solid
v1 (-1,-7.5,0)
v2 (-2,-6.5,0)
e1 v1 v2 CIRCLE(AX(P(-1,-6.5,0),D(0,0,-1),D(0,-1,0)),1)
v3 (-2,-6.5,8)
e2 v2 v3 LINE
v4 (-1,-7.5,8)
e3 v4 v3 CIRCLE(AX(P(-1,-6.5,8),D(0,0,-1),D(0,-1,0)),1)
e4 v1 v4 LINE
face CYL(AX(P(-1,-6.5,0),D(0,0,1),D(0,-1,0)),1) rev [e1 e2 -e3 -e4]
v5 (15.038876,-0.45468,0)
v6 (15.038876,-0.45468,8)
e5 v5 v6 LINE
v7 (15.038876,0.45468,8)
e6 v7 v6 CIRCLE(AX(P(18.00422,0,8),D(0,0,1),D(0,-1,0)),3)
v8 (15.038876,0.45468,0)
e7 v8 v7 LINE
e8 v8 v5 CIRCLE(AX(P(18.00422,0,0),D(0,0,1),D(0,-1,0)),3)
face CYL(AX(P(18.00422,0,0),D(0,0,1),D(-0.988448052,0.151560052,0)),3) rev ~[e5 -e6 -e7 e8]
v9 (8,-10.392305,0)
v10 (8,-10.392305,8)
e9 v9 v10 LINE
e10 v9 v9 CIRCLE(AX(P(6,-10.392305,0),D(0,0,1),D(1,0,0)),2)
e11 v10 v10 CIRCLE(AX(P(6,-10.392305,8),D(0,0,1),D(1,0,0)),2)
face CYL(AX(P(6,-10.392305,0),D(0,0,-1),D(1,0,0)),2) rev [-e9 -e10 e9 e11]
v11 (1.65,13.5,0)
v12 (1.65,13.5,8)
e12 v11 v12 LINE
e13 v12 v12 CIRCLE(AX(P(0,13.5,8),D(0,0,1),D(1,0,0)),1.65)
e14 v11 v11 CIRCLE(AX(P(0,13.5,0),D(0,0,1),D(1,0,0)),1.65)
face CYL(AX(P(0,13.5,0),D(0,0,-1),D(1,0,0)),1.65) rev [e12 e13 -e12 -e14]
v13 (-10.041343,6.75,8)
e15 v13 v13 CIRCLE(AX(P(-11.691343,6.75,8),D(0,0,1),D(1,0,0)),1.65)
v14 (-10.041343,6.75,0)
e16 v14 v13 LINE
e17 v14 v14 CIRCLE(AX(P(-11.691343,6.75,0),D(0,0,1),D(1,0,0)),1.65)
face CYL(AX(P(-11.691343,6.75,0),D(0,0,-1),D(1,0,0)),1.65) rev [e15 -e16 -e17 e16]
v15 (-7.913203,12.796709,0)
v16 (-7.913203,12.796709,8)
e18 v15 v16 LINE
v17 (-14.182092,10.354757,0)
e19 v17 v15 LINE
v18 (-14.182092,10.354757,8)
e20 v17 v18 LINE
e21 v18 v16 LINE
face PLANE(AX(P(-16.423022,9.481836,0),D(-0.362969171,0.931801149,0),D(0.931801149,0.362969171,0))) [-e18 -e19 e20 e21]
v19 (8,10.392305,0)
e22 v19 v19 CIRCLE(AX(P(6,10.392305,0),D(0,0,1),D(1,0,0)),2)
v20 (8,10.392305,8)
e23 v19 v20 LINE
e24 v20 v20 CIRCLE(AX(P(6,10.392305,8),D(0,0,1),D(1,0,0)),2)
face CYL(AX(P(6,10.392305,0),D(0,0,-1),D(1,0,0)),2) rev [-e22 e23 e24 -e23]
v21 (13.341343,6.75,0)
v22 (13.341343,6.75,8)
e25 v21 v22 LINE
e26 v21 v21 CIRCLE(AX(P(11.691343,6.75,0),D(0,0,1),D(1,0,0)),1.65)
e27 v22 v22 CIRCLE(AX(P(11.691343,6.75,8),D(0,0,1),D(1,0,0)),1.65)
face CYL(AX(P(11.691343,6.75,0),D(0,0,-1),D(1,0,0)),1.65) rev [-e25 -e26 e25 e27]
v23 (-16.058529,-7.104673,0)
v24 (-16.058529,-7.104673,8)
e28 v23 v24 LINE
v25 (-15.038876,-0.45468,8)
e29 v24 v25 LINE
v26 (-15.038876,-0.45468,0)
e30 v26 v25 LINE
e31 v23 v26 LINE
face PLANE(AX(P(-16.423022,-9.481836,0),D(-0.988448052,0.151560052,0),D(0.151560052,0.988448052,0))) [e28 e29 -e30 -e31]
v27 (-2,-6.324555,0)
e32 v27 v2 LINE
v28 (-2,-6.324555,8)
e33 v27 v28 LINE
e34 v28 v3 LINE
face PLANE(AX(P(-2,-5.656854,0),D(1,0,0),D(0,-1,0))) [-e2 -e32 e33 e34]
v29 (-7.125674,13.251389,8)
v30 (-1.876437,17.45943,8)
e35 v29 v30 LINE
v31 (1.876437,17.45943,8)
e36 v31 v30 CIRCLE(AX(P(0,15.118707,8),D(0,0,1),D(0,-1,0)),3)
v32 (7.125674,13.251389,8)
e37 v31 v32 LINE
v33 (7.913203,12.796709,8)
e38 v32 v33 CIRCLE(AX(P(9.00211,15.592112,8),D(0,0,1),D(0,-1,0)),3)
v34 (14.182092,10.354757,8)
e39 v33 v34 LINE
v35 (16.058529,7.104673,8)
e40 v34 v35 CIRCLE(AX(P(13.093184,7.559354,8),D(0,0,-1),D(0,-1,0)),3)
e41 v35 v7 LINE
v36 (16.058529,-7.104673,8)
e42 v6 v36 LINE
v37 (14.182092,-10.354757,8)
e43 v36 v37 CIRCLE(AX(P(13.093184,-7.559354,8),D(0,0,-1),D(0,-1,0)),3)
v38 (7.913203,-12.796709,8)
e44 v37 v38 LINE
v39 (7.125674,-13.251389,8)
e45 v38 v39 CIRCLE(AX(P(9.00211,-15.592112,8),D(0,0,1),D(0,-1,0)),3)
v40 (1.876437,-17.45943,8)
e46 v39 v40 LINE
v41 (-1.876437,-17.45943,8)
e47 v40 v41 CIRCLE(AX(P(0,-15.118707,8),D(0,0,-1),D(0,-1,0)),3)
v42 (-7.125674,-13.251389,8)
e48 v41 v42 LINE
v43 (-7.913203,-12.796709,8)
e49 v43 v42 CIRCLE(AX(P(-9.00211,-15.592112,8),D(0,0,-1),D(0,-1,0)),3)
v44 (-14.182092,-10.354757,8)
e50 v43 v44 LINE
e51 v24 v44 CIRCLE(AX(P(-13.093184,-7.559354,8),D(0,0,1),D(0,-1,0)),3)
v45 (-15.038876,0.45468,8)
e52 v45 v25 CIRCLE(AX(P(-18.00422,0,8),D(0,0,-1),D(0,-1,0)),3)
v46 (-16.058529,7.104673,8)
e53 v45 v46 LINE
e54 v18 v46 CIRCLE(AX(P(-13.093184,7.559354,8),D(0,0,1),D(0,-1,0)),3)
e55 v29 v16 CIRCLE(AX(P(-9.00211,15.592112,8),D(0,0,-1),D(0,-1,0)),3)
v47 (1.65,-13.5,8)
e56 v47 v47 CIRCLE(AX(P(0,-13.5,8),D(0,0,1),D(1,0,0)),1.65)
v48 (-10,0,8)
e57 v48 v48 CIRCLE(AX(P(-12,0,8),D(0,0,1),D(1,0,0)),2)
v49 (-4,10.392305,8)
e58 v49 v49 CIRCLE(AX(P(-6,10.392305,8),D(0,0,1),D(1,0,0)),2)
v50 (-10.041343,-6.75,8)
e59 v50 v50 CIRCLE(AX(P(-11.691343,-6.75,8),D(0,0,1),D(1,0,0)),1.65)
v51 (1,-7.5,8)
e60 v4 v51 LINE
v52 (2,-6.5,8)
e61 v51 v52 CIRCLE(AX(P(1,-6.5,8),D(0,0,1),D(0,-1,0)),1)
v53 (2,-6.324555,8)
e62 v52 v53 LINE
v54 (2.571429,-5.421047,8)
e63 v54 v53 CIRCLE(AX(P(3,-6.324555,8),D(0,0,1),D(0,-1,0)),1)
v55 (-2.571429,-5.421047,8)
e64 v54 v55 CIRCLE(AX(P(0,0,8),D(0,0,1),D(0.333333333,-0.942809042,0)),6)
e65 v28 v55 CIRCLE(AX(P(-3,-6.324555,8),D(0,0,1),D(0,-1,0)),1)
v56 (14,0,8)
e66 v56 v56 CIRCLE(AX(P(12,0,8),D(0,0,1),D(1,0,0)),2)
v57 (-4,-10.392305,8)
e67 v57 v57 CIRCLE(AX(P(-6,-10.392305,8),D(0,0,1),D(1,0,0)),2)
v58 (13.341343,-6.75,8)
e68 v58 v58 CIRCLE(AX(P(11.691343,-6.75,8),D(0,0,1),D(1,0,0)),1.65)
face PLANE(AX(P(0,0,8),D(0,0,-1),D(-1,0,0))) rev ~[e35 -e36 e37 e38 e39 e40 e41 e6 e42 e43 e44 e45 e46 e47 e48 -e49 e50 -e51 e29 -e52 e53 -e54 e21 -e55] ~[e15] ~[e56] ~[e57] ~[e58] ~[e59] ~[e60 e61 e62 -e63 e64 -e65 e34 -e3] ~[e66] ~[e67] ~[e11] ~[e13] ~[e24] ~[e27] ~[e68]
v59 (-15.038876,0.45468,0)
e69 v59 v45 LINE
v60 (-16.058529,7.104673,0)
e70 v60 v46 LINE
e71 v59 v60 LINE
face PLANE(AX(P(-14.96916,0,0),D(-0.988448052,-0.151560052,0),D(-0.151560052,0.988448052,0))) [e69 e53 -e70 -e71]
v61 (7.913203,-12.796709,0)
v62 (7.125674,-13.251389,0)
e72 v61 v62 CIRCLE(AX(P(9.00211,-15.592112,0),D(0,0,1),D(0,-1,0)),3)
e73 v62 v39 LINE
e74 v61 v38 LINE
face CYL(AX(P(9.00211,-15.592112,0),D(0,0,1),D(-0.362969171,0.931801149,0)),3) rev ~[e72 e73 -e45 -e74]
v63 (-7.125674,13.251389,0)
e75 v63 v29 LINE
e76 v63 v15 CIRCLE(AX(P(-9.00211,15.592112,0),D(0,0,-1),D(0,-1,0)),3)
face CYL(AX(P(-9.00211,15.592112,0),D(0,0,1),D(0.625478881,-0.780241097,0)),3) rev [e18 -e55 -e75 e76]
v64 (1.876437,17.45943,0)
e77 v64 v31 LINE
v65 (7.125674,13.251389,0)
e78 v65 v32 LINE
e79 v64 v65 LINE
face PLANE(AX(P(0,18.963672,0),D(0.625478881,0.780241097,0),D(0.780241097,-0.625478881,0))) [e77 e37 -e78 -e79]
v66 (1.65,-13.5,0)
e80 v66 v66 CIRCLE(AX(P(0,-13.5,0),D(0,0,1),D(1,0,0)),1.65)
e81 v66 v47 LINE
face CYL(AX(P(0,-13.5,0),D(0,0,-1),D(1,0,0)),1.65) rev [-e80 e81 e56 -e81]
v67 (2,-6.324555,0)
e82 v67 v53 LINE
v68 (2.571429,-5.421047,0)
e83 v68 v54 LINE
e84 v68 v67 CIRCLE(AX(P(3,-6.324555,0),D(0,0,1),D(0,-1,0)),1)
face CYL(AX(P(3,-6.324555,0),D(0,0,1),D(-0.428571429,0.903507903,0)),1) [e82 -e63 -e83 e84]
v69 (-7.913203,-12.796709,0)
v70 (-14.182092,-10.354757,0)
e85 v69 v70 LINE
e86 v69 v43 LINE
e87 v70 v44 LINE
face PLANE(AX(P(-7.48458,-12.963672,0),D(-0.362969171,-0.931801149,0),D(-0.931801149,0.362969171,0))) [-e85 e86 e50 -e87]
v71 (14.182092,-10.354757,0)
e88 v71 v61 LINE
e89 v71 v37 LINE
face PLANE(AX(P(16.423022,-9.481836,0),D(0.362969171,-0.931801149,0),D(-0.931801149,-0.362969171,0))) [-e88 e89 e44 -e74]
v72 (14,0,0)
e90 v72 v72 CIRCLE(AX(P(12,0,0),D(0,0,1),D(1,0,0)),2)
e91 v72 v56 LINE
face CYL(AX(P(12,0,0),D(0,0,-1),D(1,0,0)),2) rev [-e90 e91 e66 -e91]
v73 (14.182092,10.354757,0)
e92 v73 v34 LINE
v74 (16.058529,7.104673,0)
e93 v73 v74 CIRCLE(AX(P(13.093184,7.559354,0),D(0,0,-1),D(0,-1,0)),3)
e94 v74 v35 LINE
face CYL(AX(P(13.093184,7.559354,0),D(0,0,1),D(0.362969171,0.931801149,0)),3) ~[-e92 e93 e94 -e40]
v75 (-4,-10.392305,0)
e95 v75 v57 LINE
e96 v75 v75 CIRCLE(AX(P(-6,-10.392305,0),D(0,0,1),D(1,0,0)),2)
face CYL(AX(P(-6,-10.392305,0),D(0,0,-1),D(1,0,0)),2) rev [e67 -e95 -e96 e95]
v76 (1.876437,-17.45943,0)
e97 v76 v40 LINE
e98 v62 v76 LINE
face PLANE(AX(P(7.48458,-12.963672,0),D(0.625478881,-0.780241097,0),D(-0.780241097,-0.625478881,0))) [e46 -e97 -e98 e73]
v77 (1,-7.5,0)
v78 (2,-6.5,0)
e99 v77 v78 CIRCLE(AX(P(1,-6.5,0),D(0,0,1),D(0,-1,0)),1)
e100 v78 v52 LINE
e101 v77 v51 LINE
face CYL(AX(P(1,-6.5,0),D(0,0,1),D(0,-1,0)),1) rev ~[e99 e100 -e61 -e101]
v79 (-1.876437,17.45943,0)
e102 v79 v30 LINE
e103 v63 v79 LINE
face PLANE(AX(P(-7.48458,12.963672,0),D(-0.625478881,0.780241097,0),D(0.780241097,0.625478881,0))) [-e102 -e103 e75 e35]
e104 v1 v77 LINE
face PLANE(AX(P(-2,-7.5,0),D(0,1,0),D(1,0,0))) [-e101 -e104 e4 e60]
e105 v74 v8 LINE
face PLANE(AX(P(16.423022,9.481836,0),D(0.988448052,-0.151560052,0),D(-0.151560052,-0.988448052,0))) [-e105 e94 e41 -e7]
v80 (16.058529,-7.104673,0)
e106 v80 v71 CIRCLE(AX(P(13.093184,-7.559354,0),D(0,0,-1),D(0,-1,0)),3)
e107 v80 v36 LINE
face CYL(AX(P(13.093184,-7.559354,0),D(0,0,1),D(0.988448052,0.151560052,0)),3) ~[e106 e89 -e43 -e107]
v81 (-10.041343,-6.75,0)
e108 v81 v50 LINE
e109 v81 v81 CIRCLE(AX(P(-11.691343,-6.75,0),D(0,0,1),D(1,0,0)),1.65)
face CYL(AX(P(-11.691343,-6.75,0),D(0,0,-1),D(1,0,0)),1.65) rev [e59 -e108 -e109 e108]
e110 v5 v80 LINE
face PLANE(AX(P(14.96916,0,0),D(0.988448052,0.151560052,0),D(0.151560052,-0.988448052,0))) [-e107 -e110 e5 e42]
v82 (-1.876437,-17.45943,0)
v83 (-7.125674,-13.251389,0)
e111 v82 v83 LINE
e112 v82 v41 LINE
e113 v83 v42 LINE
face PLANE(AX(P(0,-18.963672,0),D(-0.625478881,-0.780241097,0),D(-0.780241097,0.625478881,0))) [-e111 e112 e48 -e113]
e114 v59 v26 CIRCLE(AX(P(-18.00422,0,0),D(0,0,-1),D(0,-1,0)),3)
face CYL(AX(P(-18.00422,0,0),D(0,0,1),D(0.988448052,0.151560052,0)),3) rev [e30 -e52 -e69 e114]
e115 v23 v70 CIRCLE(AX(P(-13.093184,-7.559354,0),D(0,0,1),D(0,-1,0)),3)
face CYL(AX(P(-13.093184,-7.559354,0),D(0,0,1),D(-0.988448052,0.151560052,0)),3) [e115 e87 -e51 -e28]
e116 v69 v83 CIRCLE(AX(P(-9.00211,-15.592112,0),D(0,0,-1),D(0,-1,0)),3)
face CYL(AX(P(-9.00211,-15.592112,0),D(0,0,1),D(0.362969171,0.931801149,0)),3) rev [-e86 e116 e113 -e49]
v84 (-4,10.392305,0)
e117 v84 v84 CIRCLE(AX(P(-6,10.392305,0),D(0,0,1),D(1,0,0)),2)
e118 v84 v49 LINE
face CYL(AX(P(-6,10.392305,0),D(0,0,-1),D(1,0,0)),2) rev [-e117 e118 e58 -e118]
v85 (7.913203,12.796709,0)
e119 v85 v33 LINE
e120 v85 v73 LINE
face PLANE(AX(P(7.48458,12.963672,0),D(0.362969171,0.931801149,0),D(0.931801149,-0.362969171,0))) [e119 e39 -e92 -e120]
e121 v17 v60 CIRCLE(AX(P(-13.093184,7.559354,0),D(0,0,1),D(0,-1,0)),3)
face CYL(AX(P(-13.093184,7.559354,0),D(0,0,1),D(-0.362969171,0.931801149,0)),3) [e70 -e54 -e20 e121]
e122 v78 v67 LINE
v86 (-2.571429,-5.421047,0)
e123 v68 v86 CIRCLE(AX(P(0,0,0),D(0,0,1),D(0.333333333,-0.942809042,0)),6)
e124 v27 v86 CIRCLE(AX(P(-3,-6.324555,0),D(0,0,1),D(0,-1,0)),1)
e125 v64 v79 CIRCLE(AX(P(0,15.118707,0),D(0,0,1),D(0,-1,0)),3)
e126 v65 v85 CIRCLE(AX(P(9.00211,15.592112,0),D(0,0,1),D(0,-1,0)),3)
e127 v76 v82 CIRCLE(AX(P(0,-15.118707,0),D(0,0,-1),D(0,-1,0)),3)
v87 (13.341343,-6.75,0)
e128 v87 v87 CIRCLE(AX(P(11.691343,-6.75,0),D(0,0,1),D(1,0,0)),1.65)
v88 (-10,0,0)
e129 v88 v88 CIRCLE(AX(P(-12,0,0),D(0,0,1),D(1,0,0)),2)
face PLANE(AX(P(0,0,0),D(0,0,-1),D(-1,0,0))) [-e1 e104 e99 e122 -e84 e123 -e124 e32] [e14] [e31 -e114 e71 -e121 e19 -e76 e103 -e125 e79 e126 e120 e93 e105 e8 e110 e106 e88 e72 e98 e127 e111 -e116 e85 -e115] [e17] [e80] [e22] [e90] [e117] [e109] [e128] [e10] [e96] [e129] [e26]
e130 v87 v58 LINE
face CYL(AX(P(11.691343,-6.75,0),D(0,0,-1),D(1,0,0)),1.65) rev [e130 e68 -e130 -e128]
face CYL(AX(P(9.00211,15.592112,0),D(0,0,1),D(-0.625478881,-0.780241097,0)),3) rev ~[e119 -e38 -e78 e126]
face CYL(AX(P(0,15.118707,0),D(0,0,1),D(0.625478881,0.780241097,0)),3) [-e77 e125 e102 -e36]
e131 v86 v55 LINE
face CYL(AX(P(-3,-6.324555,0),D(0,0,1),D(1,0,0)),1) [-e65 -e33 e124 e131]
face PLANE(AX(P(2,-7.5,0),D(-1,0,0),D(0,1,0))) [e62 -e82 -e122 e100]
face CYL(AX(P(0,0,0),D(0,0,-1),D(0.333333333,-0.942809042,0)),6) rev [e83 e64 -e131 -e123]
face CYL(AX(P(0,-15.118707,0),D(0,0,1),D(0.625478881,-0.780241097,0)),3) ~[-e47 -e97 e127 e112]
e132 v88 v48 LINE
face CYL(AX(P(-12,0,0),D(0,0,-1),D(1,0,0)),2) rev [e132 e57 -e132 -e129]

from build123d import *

# Parameters (mm, degrees)
SKETCH_2_R      = 1.65
SKETCH_2_R_2    = 2
EXTRUDE_1_DEPTH = 8
FILLET_1_R      = 3
FILLET_2_R      = 1


with BuildPart() as part:
    # 草图2 → 凸台-拉伸1 (new body)
    with BuildSketch(Plane.XY):
        Polygon((0, 18.963672443), (7.484579775, 12.963672443), (16.423022085, 9.481836222), (14.96915955, 0), (16.423022085, -9.481836222), (7.484579775, -12.963672443), (0, -18.963672443), (-7.484579775, -12.963672443), (-16.423022085, -9.481836222), (-14.96915955, 0), (-16.423022085, 9.481836222), (-7.484579775, 12.963672443), align=None)
        with Locations((0, 13.5)):
            Circle(SKETCH_2_R, mode=Mode.SUBTRACT)
        with Locations((11.691342951, 6.75)):
            Circle(SKETCH_2_R, mode=Mode.SUBTRACT)
        with Locations((11.691342951, -6.75)):
            Circle(SKETCH_2_R, mode=Mode.SUBTRACT)
        with Locations((0, -13.5)):
            Circle(SKETCH_2_R, mode=Mode.SUBTRACT)
        with Locations((-11.691342951, -6.75)):
            Circle(SKETCH_2_R, mode=Mode.SUBTRACT)
        with Locations((-11.691342951, 6.75)):
            Circle(SKETCH_2_R, mode=Mode.SUBTRACT)
        with Locations((6, 10.392304845)):
            Circle(SKETCH_2_R_2, mode=Mode.SUBTRACT)
        with Locations((12, 0)):
            Circle(SKETCH_2_R_2, mode=Mode.SUBTRACT)
        with Locations((6, -10.392304845)):
            Circle(SKETCH_2_R_2, mode=Mode.SUBTRACT)
        with Locations((-6, -10.392304845)):
            Circle(SKETCH_2_R_2, mode=Mode.SUBTRACT)
        with Locations((-12, 0)):
            Circle(SKETCH_2_R_2, mode=Mode.SUBTRACT)
        with Locations((-6, 10.392304845)):
            Circle(SKETCH_2_R_2, mode=Mode.SUBTRACT)
        with BuildLine():
            Line((0, -7.5), (2, -7.5))
            Line((2, -7.5), (2, -5.656854249))
            ThreePointArc((2, -5.656854249), (0, 6), (-2, -5.656854249))
            Line((-2, -5.656854249), (-2, -7.5))
            Line((-2, -7.5), (0, -7.5))
        make_face(mode=Mode.SUBTRACT)
    extrude(amount=EXTRUDE_1_DEPTH)

    # 圆角1
    fillet_1_edges = [part.edges().sort_by_distance(p)[0] for p in [
        (0, 18.963672443, 4),
        (7.484579775, 12.963672443, 4),
        (16.423022085, 9.481836222, 4),
        (14.96915955, 0, 4),
        (16.423022085, -9.481836222, 4),
        (7.484579775, -12.963672443, 4),
        (0, -18.963672443, 4),
        (-7.484579775, -12.963672443, 4),
        (-16.423022085, -9.481836222, 4),
        (-14.96915955, 0, 4),
        (-16.423022085, 9.481836222, 4),
        (-7.484579775, 12.963672443, 4),
    ]]
    fillet(fillet_1_edges, radius=FILLET_1_R)

    # 圆角2
    fillet_2_edges = [part.edges().sort_by_distance(p)[0] for p in [
        (-2, -7.5, 4),
        (2, -7.5, 4),
        (2, -5.656854249, 4),
        (-2, -5.656854249, 4),
    ]]
    fillet(fillet_2_edges, radius=FILLET_2_R)


solid = part.part
